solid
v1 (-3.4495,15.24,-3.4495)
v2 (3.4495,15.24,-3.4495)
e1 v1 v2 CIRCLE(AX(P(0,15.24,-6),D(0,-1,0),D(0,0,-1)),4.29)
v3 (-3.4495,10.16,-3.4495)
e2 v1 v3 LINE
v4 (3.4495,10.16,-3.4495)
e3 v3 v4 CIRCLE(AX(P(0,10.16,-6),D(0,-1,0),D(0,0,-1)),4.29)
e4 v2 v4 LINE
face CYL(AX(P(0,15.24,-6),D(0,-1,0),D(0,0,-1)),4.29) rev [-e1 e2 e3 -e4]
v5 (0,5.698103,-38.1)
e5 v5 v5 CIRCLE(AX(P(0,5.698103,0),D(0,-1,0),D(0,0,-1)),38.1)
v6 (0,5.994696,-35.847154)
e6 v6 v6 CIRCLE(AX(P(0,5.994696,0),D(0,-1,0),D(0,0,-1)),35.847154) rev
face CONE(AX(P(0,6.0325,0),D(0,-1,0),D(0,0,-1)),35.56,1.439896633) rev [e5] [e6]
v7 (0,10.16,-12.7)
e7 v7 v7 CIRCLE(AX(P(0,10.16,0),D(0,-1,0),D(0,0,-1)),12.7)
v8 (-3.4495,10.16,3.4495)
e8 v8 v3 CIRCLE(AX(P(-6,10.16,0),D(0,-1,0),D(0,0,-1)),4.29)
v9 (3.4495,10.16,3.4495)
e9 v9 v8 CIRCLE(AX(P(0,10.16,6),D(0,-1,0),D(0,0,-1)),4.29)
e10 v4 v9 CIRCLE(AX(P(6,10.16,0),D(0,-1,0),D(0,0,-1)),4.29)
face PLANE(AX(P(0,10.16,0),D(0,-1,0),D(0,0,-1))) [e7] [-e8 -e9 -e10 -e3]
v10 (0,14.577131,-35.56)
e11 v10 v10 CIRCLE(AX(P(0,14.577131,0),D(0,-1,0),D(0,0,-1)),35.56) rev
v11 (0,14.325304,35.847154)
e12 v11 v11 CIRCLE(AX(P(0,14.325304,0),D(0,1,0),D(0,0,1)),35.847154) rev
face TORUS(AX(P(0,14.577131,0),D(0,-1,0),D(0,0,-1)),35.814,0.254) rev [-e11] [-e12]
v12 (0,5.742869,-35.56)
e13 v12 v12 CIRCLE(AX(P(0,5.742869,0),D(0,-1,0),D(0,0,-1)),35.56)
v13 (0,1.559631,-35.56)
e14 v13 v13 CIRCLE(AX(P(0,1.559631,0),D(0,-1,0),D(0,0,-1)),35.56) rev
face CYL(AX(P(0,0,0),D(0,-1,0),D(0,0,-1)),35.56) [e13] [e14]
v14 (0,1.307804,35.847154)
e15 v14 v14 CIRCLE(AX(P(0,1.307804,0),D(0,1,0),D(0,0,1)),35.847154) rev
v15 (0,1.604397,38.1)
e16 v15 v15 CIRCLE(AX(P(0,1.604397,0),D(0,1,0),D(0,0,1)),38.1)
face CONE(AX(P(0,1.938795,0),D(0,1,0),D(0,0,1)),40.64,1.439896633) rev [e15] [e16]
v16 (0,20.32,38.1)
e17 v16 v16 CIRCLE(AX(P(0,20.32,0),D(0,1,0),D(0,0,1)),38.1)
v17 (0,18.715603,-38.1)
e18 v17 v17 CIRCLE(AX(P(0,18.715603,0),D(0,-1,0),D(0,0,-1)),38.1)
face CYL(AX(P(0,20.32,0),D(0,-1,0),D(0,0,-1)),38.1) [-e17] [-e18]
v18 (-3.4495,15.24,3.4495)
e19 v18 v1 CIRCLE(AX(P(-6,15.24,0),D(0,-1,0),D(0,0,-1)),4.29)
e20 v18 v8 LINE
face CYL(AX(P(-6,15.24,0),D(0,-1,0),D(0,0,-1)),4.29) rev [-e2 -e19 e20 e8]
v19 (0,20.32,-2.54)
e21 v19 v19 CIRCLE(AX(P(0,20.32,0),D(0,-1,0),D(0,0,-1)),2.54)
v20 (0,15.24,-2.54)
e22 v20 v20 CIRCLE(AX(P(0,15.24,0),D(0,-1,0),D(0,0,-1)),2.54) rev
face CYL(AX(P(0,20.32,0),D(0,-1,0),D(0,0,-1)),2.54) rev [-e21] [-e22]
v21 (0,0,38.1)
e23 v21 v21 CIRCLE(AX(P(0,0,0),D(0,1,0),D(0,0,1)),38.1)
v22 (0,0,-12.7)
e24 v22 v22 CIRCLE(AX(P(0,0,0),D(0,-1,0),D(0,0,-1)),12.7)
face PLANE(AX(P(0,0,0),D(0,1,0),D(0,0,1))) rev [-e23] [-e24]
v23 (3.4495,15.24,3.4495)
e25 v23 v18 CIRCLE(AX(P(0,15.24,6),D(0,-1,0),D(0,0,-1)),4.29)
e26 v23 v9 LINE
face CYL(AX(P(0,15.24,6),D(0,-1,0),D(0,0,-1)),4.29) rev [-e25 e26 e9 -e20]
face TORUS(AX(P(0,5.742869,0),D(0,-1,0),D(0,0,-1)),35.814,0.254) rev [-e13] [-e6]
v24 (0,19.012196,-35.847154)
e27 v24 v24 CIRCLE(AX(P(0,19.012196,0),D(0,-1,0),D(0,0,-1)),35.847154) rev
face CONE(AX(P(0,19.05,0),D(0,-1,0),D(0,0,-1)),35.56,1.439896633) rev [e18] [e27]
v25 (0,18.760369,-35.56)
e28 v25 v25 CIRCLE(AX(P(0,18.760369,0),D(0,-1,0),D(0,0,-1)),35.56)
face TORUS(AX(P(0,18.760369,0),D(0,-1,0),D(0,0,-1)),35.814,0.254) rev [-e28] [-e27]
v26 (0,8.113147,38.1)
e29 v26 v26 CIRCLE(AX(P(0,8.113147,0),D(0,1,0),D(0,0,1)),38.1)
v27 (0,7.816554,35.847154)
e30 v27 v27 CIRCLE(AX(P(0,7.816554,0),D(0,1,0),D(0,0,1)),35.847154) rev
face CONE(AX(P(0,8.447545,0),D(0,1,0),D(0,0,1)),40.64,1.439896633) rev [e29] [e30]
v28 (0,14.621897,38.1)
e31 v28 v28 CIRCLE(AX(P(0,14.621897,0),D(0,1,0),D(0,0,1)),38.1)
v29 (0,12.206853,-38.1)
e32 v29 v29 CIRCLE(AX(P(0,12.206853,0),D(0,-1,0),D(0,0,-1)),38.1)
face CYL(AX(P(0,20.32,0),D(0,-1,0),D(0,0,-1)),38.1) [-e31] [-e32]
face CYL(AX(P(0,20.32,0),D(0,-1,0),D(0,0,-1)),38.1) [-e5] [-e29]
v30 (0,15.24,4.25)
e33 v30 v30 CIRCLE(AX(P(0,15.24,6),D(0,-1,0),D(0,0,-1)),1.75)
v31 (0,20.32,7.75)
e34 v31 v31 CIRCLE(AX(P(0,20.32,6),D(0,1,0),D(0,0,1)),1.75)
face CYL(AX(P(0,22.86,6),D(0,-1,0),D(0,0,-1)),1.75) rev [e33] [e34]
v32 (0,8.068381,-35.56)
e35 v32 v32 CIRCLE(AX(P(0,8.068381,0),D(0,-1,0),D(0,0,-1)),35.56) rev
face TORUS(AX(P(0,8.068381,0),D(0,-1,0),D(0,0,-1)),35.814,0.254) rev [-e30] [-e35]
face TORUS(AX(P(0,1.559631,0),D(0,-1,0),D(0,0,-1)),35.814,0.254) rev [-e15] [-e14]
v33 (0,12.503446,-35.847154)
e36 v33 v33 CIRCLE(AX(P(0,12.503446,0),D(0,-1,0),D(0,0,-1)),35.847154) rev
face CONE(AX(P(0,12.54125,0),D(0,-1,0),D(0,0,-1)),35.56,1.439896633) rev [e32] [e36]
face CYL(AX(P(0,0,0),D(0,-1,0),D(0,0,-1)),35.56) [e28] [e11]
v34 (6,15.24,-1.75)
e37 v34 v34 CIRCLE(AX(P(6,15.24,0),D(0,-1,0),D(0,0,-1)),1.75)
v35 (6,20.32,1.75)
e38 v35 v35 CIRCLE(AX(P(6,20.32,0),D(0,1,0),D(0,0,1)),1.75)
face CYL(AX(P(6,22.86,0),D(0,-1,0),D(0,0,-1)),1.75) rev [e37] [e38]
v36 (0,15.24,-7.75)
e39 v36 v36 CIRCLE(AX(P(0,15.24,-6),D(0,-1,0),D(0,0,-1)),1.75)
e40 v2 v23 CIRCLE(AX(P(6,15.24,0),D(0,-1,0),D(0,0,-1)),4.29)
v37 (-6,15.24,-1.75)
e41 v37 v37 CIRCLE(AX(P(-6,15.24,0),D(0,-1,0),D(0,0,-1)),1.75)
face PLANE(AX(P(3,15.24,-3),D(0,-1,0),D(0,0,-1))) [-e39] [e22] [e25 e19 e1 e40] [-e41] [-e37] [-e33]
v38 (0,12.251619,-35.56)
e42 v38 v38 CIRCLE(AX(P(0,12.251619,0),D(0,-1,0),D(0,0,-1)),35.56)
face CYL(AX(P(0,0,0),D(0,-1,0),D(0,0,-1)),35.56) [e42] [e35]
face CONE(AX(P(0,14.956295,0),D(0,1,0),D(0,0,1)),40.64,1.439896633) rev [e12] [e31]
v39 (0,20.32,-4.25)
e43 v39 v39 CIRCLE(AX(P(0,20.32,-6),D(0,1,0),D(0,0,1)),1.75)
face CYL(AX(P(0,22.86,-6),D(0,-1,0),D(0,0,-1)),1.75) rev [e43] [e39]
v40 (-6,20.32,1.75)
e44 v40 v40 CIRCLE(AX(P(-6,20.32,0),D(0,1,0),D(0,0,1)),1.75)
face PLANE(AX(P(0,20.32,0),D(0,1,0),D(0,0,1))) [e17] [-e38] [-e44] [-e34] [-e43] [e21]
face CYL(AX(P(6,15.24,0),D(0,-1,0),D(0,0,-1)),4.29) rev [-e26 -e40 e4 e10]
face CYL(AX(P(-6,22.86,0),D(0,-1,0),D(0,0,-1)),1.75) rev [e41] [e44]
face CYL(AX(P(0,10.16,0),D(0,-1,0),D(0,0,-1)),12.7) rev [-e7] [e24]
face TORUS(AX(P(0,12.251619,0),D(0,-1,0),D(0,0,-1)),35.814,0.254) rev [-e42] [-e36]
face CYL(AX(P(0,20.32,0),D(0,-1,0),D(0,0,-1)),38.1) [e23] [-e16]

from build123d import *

# Parameters (mm, degrees)
SKETCH1_R           = 38.1
BOSS_EXTRUDE1_DEPTH = 20.32
FILLET1_R           = 0.254
SKETCH3_R           = 2.54
CUT_EXTRUDE1_DEPTH  = 58.5857831
SKETCH4_R           = 12.7
CUT_EXTRUDE2_DEPTH  = 10.16
SKETCH5_R           = 1.75
CUT_EXTRUDE3_DEPTH  = 12.7
SKETCH6_R           = 1.75
CUT_EXTRUDE4_DEPTH  = 5.08


with BuildPart() as part:
    # Sketch1 → Boss-Extrude1 (new body)
    with BuildSketch(Plane(origin=(0, 0, 0), x_dir=(1, 0, 0), z_dir=(0, 1, 0))):
        with Locations(Location((0, 0, 0), (0, 0, 270))):
            Circle(SKETCH1_R)
    extrude(amount=BOSS_EXTRUDE1_DEPTH)

    # Sketch2 → Cut-Revolve1 (revolve, cut)
    with BuildSketch(Plane(origin=(0, 0, 0), x_dir=(0, 0, -1), z_dir=(1, 0, 0)), mode=Mode.PRIVATE) as cut_revolve1_sk:
        Polygon((-40.64, 18.381205312), (-40.64, 14.956294688), (-35.56, 14.2875), (-35.56, 19.05), align=None)
        Polygon((-40.64, 11.872455312), (-40.64, 8.447544688), (-35.56, 7.77875), (-35.56, 12.54125), align=None)
        Polygon((-40.64, 5.363705312), (-40.64, 1.938794688), (-35.56, 1.27), (-35.56, 6.0325), align=None)
    revolve(cut_revolve1_sk.sketch.rotate(Axis((0, 0, 0), (0, 1, 0)), 180), axis=Axis((0, 0, 0), (0, 1, 0)), mode=Mode.SUBTRACT)

    # Fillet1
    fillet1_edges = [part.edges().sort_by_distance(p)[0] for p in [
        (0, 12.54125, 35.56),
        (0, 7.77875, 35.56),
        (0, 6.0325, 35.56),
        (0, 1.27, 35.56),
        (0, 19.05, 35.56),
        (0, 14.2875, 35.56),
    ]]
    fillet(fillet1_edges, radius=FILLET1_R)

    # Sketch3 → Cut-Extrude1 (cut, through all)
    with BuildSketch(Plane.XZ):
        with Locations(Location((0, 0, 0), (0, 0, 270))):
            Circle(SKETCH3_R)
    extrude(amount=-CUT_EXTRUDE1_DEPTH, mode=Mode.SUBTRACT)

    # Sketch4 → Cut-Extrude2 (cut)
    with BuildSketch(Plane.XZ):
        with Locations(Location((0, 0, 0), (0, 0, 270))):
            Circle(SKETCH4_R)
    extrude(amount=-CUT_EXTRUDE2_DEPTH, mode=Mode.SUBTRACT)

    # Sketch5 → Cut-Extrude3 (cut)
    with BuildSketch(Plane.XZ.offset(-10.16)):
        with Locations(Location((0, 6, 0), (0, 0, 270))):
            Circle(SKETCH5_R)
        with Locations(Location((6, 0, 0), (0, 0, 270))):
            Circle(SKETCH5_R)
        with Locations(Location((0, -6, 0), (0, 0, 270))):
            Circle(SKETCH5_R)
        with Locations(Location((-6, 0, 0), (0, 0, 270))):
            Circle(SKETCH5_R)
    extrude(amount=-CUT_EXTRUDE3_DEPTH, mode=Mode.SUBTRACT)

    # Sketch6 → Cut-Extrude4 (cut)
    with BuildSketch(Plane.XZ.offset(-10.16)):
        with BuildLine():
            ThreePointArc((-3.449499722, 3.449499722), (-10.29, 0), (-3.449499722, -3.449499722))
            ThreePointArc((-3.449499722, -3.449499722), (0, -10.29), (3.449499722, -3.449499722))
            ThreePointArc((3.449499722, -3.449499722), (10.29, 0), (3.449499722, 3.449499722))
            ThreePointArc((3.449499722, 3.449499722), (0, 10.29), (-3.449499722, 3.449499722))
        make_face()
        with Locations(Location((-6, 0, 0), (0, 0, 270))):
            Circle(SKETCH6_R, mode=Mode.SUBTRACT)
        with Locations(Location((0, -6, 0), (0, 0, 270))):
            Circle(SKETCH6_R, mode=Mode.SUBTRACT)
        with Locations(Location((6, 0, 0), (0, 0, 270))):
            Circle(SKETCH6_R, mode=Mode.SUBTRACT)
        with Locations(Location((0, 6, 0), (0, 0, 270))):
            Circle(SKETCH6_R, mode=Mode.SUBTRACT)
    extrude(amount=-CUT_EXTRUDE4_DEPTH, mode=Mode.SUBTRACT)


solid = part.part
